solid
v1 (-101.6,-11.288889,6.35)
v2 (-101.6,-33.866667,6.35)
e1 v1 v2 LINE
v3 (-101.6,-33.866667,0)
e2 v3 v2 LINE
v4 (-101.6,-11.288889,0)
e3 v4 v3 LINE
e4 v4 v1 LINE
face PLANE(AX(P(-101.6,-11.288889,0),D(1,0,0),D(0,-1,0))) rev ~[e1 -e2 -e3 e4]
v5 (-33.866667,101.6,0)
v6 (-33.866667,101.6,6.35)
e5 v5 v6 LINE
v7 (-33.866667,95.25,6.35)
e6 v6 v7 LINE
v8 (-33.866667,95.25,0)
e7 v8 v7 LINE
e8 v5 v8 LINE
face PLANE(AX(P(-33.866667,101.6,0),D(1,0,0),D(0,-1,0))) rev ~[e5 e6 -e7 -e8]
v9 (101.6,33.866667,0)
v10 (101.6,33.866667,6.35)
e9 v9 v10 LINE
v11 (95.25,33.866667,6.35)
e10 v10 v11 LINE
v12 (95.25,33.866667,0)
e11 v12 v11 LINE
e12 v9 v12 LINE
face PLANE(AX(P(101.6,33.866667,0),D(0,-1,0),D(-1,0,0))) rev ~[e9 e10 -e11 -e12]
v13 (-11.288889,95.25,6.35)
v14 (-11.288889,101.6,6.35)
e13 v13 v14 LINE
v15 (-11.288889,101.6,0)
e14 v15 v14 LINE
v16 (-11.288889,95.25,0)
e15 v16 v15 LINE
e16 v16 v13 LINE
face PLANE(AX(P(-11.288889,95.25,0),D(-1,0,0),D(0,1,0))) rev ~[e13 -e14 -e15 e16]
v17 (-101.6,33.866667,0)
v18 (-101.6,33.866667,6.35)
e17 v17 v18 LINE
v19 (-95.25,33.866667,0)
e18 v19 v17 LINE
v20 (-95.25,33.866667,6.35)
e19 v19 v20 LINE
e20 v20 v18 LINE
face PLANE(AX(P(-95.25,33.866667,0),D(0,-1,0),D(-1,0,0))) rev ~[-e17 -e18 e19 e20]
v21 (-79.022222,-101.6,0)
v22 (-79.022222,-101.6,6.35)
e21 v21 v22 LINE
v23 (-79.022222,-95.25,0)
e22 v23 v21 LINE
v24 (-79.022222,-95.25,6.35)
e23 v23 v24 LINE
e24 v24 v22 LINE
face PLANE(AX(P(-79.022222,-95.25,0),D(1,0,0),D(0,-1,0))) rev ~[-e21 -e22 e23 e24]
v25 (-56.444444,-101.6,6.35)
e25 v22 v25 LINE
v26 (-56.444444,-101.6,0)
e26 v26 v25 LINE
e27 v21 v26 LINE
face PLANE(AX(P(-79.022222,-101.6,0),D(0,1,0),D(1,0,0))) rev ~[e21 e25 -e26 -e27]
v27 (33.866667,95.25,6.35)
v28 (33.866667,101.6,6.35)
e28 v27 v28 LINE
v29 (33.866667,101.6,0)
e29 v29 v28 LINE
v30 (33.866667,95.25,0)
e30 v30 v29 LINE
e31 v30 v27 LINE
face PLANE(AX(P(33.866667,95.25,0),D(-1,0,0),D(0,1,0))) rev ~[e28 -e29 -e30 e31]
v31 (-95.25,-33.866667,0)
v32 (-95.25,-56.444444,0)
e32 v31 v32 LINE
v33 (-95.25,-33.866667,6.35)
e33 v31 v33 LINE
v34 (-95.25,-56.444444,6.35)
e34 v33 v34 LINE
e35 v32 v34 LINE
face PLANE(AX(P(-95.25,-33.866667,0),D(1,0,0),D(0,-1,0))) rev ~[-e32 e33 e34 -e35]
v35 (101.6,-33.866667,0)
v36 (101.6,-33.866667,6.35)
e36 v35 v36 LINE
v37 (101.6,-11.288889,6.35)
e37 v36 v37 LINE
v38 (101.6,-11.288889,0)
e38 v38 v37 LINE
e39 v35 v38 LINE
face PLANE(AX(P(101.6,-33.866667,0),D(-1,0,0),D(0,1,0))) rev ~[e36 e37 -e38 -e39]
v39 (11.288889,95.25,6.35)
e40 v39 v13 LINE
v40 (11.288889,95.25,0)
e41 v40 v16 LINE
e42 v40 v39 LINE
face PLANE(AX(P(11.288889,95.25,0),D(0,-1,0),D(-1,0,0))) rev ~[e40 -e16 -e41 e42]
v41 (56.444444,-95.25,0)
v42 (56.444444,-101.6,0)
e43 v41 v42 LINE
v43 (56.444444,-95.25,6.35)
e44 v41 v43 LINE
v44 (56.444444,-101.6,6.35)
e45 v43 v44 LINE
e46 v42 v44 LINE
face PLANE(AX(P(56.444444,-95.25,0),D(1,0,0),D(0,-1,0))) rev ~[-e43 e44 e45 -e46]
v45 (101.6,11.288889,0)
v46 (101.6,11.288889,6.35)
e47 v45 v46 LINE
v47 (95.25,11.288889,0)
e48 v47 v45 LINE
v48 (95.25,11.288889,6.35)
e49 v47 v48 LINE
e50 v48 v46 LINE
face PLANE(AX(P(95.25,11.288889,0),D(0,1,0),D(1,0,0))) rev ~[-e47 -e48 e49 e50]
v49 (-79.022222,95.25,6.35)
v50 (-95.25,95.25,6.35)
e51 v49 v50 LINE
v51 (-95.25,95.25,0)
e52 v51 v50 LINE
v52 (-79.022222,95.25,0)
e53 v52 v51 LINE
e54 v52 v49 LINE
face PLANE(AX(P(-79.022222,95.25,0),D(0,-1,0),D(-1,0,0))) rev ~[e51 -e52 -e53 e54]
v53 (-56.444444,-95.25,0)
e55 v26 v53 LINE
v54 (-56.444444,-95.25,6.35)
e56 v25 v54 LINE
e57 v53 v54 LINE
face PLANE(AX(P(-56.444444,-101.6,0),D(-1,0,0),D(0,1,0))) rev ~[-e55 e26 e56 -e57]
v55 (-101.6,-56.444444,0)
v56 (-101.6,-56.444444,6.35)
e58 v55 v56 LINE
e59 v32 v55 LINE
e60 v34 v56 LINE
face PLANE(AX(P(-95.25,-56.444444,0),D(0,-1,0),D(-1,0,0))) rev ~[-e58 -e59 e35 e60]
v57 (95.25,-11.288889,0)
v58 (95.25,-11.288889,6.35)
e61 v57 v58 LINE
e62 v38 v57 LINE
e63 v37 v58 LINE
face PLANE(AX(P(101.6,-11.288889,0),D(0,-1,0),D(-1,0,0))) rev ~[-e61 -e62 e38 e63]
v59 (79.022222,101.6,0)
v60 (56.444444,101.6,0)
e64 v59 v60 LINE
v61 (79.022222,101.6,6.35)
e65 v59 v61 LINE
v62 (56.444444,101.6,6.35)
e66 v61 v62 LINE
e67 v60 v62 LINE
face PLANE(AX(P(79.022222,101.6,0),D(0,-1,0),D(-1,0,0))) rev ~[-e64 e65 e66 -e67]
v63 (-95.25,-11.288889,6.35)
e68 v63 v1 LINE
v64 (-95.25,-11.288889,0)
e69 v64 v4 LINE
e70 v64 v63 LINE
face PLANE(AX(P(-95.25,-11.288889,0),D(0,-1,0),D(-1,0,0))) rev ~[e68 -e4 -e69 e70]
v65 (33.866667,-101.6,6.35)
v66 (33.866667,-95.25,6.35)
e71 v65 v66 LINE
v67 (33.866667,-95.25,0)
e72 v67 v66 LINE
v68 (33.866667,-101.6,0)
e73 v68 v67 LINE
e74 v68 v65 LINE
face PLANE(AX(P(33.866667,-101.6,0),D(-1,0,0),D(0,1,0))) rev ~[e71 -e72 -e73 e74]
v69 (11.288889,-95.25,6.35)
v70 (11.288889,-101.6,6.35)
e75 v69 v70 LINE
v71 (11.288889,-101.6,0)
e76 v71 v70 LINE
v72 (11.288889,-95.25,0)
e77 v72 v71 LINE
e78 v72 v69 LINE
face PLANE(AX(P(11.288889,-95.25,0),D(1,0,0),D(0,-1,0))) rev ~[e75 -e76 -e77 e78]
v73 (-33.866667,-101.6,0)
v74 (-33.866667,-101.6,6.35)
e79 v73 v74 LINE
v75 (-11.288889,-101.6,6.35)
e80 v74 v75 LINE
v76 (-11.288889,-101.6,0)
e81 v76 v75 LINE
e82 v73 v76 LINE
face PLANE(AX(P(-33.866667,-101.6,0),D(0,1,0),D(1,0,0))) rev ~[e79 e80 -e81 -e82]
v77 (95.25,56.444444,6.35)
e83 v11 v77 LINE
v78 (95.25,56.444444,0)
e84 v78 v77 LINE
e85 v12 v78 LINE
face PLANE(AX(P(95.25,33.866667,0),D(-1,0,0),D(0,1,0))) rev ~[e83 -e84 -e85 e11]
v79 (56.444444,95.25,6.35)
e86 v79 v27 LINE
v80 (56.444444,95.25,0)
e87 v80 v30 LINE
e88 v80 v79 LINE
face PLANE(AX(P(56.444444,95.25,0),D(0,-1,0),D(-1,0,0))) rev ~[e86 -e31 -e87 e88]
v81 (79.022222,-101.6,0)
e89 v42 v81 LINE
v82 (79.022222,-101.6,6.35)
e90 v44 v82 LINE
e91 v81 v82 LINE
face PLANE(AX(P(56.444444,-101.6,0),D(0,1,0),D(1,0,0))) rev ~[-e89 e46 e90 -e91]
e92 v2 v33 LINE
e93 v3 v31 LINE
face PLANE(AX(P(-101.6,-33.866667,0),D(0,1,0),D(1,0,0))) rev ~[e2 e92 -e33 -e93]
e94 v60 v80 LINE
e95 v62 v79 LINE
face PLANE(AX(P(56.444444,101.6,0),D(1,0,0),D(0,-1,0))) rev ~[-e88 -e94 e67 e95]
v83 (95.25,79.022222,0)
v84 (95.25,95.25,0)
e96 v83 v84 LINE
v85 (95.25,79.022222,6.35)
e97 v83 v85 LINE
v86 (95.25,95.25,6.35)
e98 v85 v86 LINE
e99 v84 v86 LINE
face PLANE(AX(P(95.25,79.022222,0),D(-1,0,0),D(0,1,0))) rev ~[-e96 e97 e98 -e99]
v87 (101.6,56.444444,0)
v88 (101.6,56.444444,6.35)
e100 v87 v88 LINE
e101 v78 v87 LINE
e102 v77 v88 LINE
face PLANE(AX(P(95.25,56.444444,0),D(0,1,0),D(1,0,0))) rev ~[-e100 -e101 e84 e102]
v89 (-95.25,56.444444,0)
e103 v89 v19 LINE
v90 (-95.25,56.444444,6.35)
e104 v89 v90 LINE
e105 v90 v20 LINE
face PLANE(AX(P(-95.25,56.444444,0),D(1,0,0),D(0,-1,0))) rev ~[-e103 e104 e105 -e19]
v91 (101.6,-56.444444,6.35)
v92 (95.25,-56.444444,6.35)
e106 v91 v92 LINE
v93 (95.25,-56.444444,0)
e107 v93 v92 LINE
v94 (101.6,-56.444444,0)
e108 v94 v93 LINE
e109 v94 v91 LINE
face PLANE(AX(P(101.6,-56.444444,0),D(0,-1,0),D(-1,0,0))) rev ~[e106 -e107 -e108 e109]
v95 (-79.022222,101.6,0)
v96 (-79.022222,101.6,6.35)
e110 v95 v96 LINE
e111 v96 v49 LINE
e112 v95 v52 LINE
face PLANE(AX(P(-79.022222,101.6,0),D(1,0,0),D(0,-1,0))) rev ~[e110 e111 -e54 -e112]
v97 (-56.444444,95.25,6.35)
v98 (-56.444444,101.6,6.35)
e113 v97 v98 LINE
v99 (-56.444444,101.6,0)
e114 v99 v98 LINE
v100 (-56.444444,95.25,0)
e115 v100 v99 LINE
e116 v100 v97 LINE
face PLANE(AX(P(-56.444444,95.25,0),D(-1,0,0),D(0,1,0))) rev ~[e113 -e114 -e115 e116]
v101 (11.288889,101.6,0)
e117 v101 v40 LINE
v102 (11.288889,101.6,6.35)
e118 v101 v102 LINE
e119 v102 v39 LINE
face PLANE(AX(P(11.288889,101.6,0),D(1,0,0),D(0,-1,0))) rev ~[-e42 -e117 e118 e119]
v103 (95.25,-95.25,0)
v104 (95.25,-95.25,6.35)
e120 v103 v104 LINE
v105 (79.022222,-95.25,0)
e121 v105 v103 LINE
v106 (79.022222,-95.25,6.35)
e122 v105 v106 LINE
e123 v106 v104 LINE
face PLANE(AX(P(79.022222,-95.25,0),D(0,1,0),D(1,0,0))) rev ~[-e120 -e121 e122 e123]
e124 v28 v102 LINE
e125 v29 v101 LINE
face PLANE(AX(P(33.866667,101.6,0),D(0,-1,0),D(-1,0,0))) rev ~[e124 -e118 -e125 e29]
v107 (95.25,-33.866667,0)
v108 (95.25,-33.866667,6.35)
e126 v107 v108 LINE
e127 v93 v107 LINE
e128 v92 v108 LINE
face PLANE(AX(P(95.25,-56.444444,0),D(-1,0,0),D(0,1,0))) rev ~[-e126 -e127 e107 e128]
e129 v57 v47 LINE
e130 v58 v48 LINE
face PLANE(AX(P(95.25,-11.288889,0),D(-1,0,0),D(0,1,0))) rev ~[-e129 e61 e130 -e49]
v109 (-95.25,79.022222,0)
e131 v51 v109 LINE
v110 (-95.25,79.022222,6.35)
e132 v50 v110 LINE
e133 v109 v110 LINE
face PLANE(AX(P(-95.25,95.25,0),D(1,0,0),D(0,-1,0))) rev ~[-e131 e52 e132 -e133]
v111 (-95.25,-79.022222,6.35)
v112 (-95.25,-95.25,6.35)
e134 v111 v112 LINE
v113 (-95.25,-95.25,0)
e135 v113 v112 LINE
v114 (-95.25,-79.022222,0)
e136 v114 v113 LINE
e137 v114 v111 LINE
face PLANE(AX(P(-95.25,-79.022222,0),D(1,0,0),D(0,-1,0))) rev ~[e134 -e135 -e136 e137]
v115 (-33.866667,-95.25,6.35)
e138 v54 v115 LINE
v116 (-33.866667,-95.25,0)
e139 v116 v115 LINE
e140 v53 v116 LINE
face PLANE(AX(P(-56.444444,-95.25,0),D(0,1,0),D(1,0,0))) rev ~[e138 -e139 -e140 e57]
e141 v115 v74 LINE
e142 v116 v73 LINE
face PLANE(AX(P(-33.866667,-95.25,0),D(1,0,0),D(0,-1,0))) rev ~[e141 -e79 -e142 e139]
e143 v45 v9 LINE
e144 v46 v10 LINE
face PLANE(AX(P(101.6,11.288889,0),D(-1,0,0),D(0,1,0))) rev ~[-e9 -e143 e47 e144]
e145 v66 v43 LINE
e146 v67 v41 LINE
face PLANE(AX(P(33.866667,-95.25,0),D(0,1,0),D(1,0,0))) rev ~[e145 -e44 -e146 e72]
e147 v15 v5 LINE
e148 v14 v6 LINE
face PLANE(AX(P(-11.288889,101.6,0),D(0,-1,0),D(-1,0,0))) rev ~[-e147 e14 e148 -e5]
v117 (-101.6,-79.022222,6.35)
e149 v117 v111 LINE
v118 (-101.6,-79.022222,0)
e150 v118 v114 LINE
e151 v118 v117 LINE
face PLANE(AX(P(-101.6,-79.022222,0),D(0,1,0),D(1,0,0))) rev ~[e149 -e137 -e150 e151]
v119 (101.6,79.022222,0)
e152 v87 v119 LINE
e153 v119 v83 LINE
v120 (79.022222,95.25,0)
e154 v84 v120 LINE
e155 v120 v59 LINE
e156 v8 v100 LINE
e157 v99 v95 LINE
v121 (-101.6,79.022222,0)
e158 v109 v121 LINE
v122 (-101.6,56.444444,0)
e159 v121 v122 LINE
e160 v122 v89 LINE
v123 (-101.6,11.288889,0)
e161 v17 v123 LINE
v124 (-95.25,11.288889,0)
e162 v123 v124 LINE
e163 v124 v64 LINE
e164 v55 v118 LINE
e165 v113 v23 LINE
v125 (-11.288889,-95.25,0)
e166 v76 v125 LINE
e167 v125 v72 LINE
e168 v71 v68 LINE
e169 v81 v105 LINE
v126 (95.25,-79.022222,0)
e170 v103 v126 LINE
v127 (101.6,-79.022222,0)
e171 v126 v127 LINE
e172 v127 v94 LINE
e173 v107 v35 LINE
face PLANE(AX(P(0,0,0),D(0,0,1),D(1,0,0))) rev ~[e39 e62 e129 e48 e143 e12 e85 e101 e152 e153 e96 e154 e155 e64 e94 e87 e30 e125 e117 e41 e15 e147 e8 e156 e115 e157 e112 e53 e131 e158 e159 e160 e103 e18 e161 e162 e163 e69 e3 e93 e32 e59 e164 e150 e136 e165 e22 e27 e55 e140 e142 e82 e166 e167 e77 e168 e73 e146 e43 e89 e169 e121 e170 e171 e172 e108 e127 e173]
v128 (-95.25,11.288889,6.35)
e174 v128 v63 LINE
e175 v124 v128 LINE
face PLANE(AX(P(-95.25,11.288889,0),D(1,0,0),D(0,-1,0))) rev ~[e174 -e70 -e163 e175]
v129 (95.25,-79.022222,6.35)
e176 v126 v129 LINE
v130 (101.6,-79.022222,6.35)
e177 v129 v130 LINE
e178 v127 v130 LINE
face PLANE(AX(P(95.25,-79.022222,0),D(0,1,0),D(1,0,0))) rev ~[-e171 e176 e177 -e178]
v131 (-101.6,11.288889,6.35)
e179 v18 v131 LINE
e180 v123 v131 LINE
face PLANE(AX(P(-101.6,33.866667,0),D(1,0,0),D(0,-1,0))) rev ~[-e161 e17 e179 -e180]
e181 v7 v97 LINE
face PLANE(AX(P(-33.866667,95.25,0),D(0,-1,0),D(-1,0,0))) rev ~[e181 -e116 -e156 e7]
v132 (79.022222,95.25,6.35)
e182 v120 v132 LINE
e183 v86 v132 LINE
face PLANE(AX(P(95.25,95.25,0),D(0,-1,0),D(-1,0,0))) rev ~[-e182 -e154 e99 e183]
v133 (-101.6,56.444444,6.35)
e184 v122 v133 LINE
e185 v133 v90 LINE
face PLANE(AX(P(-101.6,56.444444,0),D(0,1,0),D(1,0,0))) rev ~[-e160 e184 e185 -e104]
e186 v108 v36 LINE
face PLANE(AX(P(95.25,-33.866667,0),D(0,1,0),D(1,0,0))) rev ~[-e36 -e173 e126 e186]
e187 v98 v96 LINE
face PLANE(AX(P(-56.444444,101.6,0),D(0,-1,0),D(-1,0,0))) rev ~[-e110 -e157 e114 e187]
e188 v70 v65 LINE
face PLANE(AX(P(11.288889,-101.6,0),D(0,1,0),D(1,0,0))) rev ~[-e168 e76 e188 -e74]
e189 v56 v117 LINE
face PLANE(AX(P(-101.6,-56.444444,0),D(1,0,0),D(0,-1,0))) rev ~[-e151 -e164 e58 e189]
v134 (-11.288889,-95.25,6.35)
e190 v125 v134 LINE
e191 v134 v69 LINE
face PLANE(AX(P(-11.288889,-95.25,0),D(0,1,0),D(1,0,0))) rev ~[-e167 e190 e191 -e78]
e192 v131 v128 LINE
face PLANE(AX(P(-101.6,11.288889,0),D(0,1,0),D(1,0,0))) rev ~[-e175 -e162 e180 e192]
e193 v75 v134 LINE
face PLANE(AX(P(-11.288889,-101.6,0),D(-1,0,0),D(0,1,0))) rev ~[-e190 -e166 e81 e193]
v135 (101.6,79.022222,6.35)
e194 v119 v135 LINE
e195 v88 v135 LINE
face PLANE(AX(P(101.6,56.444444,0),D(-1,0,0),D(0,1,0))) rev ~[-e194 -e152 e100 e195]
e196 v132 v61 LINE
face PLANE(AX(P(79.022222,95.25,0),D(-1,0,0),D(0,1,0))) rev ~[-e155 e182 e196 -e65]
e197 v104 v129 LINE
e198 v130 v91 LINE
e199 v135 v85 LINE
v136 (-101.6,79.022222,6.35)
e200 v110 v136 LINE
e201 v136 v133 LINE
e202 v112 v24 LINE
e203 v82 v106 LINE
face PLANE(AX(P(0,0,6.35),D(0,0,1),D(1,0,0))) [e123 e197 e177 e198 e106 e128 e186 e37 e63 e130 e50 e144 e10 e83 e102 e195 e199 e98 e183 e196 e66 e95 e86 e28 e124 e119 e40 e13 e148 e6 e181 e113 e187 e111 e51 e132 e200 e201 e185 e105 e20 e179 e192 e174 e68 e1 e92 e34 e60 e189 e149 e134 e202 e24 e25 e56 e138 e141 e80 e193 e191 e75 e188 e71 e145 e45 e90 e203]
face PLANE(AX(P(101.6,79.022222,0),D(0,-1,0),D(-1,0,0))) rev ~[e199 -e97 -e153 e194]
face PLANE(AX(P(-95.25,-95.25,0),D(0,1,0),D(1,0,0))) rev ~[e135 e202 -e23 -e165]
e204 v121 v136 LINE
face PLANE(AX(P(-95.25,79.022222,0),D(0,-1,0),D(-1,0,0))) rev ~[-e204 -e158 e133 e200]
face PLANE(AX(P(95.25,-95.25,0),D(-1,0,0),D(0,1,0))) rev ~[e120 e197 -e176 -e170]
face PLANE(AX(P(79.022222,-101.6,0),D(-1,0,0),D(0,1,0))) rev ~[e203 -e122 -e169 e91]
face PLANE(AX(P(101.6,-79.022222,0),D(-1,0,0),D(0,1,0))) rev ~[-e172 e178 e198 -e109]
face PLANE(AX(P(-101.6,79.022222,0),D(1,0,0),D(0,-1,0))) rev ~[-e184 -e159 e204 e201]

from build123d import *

# Parameters (mm, degrees)
F1_DEPTH = 6.35


with BuildPart() as f1:
    # F0 (on Top) → F1 (new body)
    with BuildSketch(Plane.XY):
        Polygon((-56.444444, 101.6), (-79.022222, 101.6), (-79.022222, 95.25), (-95.25, 95.25), (-95.25, 79.022222), (-101.6, 79.022222), (-101.6, 56.444444), (-95.25, 56.444444), (-95.25, 33.866667), (-101.6, 33.866667), (-101.6, 11.288889), (-95.25, 11.288889), (-95.25, -11.288889), (-101.6, -11.288889), (-101.6, -33.866667), (-95.25, -33.866667), (-95.25, -56.444444), (-101.6, -56.444444), (-101.6, -79.022222), (-95.25, -79.022222), (-95.25, -95.25), (-79.022222, -95.25), (-79.022222, -101.6), (-56.444444, -101.6), (-56.444444, -95.25), (-33.866667, -95.25), (-33.866667, -101.6), (-11.288889, -101.6), (-11.288889, -95.25), (11.288889, -95.25), (11.288889, -101.6), (33.866667, -101.6), (33.866667, -95.25), (56.444444, -95.25), (56.444444, -101.6), (79.022222, -101.6), (79.022222, -95.25), (95.25, -95.25), (95.25, -79.022222), (101.6, -79.022222), (101.6, -56.444444), (95.25, -56.444444), (95.25, -33.866667), (101.6, -33.866667), (101.6, -11.288889), (95.25, -11.288889), (95.25, 11.288889), (101.6, 11.288889), (101.6, 33.866667), (95.25, 33.866667), (95.25, 56.444444), (101.6, 56.444444), (101.6, 79.022222), (95.25, 79.022222), (95.25, 95.25), (79.022222, 95.25), (79.022222, 101.6), (56.444444, 101.6), (56.444444, 95.25), (33.866667, 95.25), (33.866667, 101.6), (11.288889, 101.6), (11.288889, 95.25), (-11.288889, 95.25), (-11.288889, 101.6), (-33.866667, 101.6), (-33.866667, 95.25), (-56.444444, 95.25), align=None)
    extrude(amount=F1_DEPTH)


solid = f1.part
